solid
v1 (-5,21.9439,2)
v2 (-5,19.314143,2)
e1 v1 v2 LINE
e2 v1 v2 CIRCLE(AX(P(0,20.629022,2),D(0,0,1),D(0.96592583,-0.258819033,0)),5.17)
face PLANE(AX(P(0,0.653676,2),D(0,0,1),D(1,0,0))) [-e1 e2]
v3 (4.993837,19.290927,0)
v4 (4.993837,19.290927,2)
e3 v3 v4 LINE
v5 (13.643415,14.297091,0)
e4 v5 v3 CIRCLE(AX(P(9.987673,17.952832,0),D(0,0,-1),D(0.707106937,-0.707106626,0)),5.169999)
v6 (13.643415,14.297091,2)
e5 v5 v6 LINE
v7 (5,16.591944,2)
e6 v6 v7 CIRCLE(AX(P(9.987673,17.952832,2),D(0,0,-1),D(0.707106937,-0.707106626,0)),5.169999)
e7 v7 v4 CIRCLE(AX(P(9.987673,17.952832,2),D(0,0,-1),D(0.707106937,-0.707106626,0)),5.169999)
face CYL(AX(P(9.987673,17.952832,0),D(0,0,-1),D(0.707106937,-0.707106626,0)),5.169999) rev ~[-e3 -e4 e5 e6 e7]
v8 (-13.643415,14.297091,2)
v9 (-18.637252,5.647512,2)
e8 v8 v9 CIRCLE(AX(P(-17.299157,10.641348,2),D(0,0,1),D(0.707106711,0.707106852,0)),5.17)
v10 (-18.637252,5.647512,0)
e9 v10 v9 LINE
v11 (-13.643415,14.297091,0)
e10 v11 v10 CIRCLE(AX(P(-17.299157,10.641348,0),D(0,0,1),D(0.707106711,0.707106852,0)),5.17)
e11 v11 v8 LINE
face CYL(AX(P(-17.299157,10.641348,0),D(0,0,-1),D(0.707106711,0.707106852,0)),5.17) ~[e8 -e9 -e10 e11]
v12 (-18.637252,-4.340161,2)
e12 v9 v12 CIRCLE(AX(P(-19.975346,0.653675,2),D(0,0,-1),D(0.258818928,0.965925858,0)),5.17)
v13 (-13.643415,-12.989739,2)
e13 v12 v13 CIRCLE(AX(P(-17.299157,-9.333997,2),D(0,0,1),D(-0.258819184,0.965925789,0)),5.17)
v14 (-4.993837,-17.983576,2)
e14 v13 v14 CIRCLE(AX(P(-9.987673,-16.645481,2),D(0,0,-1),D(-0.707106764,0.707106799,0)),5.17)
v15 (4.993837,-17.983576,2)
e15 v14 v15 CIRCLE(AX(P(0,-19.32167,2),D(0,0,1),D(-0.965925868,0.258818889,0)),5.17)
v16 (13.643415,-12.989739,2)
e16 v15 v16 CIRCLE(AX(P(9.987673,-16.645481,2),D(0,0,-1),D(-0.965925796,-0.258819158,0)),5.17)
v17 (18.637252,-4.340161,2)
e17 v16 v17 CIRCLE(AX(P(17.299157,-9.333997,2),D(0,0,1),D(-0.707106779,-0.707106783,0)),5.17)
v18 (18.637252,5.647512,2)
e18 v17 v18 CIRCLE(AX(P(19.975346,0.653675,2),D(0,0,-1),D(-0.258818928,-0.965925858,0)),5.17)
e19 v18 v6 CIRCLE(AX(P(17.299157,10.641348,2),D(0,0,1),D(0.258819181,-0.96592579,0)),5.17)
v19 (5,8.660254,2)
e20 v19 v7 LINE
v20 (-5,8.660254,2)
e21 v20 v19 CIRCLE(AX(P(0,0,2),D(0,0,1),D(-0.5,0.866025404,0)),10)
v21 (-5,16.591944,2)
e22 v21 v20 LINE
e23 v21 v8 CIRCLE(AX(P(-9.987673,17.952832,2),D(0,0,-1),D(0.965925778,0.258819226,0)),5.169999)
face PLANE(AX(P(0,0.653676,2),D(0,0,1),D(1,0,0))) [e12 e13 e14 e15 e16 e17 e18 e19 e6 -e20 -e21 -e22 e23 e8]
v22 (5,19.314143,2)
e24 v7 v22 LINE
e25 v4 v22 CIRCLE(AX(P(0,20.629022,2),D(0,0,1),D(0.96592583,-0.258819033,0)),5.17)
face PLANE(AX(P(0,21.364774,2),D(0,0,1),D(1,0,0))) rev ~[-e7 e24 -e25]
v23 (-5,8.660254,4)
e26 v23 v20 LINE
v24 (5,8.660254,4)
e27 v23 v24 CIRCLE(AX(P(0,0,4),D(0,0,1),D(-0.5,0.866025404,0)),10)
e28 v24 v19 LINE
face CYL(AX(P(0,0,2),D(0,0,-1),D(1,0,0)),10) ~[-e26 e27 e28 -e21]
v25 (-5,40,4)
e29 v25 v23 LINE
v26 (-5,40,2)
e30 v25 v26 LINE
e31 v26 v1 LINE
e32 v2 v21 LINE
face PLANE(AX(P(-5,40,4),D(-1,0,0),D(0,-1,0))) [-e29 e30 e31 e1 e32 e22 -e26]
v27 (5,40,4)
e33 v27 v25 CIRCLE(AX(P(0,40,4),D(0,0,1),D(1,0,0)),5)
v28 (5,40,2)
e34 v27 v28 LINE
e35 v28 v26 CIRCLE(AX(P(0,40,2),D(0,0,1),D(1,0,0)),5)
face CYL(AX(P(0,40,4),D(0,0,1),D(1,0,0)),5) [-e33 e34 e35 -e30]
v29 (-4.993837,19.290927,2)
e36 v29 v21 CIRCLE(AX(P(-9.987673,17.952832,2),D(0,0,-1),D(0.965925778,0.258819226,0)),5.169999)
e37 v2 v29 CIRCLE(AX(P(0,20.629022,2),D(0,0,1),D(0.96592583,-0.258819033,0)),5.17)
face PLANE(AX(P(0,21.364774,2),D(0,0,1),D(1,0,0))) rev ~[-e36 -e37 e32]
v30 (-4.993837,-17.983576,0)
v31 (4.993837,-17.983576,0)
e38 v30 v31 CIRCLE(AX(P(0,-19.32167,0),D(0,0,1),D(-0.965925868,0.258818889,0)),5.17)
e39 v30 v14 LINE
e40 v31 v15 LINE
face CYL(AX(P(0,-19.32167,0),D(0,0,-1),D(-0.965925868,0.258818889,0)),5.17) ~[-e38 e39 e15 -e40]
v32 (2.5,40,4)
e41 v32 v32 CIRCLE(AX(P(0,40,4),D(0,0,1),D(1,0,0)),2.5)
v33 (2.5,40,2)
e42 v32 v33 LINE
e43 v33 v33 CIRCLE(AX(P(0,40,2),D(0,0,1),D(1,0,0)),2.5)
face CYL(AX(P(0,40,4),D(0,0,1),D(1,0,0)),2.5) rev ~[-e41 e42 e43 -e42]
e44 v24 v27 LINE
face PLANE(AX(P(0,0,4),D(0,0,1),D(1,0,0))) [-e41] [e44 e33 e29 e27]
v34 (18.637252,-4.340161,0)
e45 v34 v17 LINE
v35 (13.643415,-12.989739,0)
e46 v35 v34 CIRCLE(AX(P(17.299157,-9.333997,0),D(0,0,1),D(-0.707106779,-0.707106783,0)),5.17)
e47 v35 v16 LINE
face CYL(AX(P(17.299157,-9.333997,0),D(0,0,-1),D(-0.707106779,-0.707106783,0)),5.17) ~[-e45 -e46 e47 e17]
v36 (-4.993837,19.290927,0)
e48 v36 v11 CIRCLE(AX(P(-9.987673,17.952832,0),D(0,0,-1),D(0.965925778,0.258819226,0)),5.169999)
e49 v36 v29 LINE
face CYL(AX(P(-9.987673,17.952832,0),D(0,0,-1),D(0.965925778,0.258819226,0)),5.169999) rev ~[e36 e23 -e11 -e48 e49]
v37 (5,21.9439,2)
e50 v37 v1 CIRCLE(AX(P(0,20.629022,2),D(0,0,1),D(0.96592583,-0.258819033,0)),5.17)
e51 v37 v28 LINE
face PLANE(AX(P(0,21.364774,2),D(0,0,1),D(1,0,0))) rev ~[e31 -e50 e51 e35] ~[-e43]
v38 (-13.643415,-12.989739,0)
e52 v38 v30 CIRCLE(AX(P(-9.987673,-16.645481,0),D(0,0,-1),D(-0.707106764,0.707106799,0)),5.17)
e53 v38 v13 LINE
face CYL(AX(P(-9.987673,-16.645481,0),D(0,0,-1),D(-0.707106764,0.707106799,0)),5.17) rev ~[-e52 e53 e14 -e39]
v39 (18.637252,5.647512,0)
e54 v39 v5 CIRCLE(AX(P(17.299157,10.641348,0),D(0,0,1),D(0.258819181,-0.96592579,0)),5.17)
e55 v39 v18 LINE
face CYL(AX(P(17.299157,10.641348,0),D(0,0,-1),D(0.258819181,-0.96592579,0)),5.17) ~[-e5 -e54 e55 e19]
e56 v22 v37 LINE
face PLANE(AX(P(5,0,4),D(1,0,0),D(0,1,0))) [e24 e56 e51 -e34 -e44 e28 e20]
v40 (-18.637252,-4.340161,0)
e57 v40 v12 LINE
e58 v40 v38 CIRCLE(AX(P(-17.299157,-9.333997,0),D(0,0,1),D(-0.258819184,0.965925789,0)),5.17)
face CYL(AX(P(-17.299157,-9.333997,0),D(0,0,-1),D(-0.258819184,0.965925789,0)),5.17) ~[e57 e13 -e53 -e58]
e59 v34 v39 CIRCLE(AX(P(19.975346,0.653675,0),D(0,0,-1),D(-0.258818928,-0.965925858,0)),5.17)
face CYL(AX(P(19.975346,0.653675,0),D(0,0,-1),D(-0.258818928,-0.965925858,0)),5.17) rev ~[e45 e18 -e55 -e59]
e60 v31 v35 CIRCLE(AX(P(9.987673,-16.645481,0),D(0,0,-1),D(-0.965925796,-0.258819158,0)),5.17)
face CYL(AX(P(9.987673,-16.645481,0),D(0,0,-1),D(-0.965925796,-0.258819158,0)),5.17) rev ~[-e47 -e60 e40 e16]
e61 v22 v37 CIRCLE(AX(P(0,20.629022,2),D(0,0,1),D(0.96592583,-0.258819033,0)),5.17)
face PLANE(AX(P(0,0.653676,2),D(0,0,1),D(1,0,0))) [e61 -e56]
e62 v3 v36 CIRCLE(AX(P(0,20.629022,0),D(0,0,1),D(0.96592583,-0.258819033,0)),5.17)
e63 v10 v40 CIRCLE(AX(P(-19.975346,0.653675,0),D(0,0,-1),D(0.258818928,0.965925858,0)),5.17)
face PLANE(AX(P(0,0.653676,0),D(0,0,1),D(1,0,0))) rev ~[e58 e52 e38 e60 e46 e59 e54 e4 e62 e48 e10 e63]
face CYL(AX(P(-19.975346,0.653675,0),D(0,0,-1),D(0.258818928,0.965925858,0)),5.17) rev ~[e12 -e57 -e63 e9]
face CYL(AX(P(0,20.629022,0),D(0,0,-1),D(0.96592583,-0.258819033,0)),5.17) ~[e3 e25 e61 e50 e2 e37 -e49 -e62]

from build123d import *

# Parameters (mm, degrees)
F1_DEPTH = 2
F2_R     = 10
F3_DEPTH = 2
F4_R     = 2.5
F5_DEPTH = 2


with BuildPart() as f1:
    # F0 (on Top) → F1 (new body)
    with BuildSketch(Plane.XY):
        with BuildLine():
            ThreePointArc((-4.993837, 19.290927), (-7.402673, 13.475481), (-13.643415, 14.297091))
            ThreePointArc((-13.643415, 14.297091), (-21.776508, 13.226349), (-18.637252, 5.647512))
            ThreePointArc((-18.637252, 5.647512), (-14.805346, 0.653676), (-18.637252, -4.340161))
            ThreePointArc((-18.637252, -4.340161), (-21.776508, -11.918997), (-13.643415, -12.989739))
            ThreePointArc((-13.643415, -12.989739), (-7.402673, -12.16813), (-4.993837, -17.983576))
            ThreePointArc((-4.993837, -17.983576), (0, -24.49167), (4.993837, -17.983576))
            ThreePointArc((4.993837, -17.983576), (7.402673, -12.16813), (13.643415, -12.989739))
            ThreePointArc((13.643415, -12.989739), (21.776508, -11.918997), (18.637252, -4.340161))
            ThreePointArc((18.637252, -4.340161), (14.805346, 0.653676), (18.637252, 5.647512))
            ThreePointArc((18.637252, 5.647512), (21.776508, 13.226349), (13.643415, 14.297091))
            ThreePointArc((13.643415, 14.297091), (7.402673, 13.475481), (4.993837, 19.290927))
            ThreePointArc((4.993837, 19.290927), (0, 25.799022), (-4.993837, 19.290927))
        make_face()
    extrude(amount=F1_DEPTH)

    # F2 (on face) → F3 (join)
    with BuildSketch(Plane.XY.offset(2)):
        Circle(F2_R)
    extrude(amount=F3_DEPTH)

    # F4 (on face) → F5 (join)
    with BuildSketch(Plane.XY.offset(4)):
        with BuildLine():
            Line((-5, 0), (0, 0))
            Line((0, 0), (5, 0))
            Line((5, 0), (5, 40))
            ThreePointArc((5, 40), (0, 45), (-5, 40))
            Line((-5, 40), (-5, 0))
        make_face()
        with Locations((0, 40)):
            Circle(F4_R, mode=Mode.SUBTRACT)
    extrude(amount=-F5_DEPTH)


solid = f1.part
